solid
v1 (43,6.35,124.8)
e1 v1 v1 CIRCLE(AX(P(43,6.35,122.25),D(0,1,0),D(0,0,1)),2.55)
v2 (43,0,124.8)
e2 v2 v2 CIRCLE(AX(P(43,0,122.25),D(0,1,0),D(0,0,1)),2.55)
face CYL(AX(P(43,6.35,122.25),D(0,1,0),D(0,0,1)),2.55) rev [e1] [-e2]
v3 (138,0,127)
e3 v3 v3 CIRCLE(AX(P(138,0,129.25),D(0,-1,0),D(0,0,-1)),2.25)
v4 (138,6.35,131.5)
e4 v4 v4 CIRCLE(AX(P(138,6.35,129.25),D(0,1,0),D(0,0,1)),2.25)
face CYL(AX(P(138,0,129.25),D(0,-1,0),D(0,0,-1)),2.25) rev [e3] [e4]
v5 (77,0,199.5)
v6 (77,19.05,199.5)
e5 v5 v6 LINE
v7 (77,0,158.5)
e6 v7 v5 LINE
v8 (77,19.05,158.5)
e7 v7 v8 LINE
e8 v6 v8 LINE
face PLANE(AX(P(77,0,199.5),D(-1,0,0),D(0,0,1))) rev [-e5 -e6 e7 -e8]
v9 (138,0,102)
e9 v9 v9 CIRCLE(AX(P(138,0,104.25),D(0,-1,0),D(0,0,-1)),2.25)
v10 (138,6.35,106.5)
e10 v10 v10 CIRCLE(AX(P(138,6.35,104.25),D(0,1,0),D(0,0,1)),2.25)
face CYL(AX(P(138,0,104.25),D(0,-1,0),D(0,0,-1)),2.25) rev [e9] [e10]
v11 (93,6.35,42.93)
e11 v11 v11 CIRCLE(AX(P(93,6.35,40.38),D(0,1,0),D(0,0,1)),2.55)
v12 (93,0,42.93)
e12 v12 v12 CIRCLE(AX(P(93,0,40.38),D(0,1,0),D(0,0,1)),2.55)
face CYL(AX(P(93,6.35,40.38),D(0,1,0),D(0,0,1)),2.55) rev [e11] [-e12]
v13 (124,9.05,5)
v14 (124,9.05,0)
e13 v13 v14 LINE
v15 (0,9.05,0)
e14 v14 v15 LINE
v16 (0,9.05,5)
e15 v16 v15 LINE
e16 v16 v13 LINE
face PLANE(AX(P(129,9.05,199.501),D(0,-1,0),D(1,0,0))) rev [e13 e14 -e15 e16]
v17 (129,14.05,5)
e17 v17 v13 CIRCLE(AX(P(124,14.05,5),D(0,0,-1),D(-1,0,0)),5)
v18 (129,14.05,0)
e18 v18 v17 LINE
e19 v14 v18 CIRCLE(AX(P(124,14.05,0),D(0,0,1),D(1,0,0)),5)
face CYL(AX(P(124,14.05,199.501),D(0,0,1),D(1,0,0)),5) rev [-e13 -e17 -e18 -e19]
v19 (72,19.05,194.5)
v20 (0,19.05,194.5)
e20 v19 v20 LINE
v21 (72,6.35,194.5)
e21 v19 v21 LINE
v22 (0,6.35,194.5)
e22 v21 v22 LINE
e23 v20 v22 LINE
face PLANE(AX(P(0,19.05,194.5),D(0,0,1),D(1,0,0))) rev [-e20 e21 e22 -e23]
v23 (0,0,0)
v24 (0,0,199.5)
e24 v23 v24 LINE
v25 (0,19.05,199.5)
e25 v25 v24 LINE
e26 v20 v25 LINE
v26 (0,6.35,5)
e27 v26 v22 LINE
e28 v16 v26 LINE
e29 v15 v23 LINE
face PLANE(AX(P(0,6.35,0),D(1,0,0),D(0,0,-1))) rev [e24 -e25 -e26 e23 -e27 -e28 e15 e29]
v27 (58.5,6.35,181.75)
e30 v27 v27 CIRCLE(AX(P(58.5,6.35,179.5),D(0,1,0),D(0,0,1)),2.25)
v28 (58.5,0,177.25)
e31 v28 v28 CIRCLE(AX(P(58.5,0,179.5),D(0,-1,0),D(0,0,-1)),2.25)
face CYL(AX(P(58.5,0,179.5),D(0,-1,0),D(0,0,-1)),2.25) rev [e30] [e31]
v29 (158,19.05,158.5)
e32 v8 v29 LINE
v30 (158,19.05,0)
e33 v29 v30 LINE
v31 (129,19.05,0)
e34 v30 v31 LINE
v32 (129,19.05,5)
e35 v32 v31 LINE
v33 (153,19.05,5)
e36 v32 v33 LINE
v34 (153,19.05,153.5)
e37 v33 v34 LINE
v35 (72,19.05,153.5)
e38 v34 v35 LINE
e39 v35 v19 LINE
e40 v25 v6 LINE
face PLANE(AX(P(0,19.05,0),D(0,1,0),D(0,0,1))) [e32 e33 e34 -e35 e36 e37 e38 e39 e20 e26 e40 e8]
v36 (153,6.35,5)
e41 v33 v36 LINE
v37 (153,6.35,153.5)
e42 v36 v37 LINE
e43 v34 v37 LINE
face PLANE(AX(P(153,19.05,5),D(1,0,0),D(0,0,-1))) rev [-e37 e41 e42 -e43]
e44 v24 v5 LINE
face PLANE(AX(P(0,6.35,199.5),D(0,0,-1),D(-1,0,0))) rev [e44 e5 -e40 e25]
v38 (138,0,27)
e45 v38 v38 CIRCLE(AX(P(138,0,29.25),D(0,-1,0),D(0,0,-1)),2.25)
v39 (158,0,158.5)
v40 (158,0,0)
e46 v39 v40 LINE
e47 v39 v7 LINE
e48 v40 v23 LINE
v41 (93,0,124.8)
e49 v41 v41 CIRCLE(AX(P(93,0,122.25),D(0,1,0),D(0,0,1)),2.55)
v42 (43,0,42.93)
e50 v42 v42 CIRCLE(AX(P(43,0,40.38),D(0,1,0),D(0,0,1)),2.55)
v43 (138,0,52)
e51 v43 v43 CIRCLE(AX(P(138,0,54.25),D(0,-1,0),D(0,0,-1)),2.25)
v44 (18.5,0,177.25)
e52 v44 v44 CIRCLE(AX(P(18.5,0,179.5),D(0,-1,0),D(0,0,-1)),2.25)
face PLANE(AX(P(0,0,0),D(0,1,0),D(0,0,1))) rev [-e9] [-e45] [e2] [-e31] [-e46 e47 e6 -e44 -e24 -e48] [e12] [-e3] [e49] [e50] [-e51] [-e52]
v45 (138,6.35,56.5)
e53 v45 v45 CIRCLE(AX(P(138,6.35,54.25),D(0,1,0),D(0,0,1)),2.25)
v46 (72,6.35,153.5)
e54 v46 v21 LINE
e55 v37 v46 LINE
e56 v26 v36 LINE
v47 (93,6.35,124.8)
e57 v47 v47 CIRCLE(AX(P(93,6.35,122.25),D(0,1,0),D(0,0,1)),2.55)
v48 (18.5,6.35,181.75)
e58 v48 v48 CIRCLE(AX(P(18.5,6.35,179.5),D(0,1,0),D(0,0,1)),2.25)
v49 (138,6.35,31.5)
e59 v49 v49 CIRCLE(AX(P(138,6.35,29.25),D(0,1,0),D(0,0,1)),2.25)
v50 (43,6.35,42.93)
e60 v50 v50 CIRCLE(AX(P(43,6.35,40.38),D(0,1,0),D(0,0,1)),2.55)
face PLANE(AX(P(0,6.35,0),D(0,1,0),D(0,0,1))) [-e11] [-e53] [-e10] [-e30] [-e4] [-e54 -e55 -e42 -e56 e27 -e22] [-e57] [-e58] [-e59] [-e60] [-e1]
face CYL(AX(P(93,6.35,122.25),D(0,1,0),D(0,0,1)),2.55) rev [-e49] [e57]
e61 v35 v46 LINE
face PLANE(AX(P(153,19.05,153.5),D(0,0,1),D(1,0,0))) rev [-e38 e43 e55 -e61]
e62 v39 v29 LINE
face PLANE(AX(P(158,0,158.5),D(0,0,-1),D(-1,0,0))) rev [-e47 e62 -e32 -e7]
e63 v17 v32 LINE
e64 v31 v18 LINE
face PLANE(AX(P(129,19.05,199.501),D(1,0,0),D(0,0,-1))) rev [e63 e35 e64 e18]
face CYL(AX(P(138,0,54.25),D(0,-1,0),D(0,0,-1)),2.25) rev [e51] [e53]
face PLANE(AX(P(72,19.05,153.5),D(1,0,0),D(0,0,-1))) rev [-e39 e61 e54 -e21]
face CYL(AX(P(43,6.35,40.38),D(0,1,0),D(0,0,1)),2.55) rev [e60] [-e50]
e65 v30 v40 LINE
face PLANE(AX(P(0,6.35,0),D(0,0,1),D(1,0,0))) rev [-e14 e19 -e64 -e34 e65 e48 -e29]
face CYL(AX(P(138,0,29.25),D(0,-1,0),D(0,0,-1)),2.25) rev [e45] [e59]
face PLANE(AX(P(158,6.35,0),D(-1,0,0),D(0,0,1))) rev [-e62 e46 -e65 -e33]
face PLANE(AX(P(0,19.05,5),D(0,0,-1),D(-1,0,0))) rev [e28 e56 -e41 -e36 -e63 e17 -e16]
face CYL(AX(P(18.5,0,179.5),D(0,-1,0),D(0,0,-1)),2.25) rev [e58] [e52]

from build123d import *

# Parameters (mm, degrees)
SKETCH1_W                      = 158
SKETCH1_H                      = 199.5
BOSS_EXTRUDE1_DEPTH            = 6.35
SKETCH2_W                      = 81
SKETCH2_H                      = 41
CUT_EXTRUDE1_DEPTH             = 7.35
BOSS_EXTRUDE2_DEPTH            = 12.7
M4_CLEARANCE_HOLE1_D           = 4.5
M4_CLEARANCE_HOLE1_DEPTH       = 6.35
CUT_EXTRUDE2_REACH             = 201.5
SKETCH7_W                      = 129
SKETCH7_H                      = 10
FILLET1_R                      = 5
F_5_1_5_1_DIAMETER_HOLE1_D     = 5.1
F_5_1_5_1_DIAMETER_HOLE1_DEPTH = 6.35


with BuildPart() as part:
    # Sketch1 → Boss-Extrude1 (new body)
    with BuildSketch(Plane(origin=(0, 0, 0), x_dir=(1, 0, 0), z_dir=(0, 1, 0))):
        with Locations((79, -99.75)):
            Rectangle(SKETCH1_W, SKETCH1_H)
    extrude(amount=BOSS_EXTRUDE1_DEPTH)

    # Sketch2 → Cut-Extrude1 (cut, through all)
    with BuildSketch(Plane(origin=(0, 6.35, 0), x_dir=(1, 0, 0), z_dir=(0, 1, 0))):
        with Locations((117.5, -179)):
            Rectangle(SKETCH2_W, SKETCH2_H)
    extrude(amount=-CUT_EXTRUDE1_DEPTH, mode=Mode.SUBTRACT)

    # Sketch3 → Boss-Extrude2 (add)
    with BuildSketch(Plane(origin=(0, 6.35, 0), x_dir=(1, 0, 0), z_dir=(0, 1, 0))):
        Polygon((0, 0), (0, -5), (153, -5), (153, -153.5), (72, -153.5), (72, -194.5), (0, -194.5), (0, -199.5), (72, -199.5), (77, -199.5), (77, -158.5), (158, -158.5), (158, 0), align=None)
    extrude(amount=BOSS_EXTRUDE2_DEPTH)

    # M4 Clearance Hole1
    with Locations(Plane.XZ):
        with Locations((138, 54.25), (18.5, 179.5), (58.5, 179.5), (138, 129.25), (138, 104.25), (138, 29.25)):
            Hole(M4_CLEARANCE_HOLE1_D / 2, depth=M4_CLEARANCE_HOLE1_DEPTH)

    # Sketch7 → Cut-Extrude2 (cut, up to next)
    with BuildSketch(Plane(origin=(0, 0, 0), x_dir=(-1, 0, 0), z_dir=(0, 0, -1)), mode=Mode.PRIVATE) as cut_extrude2_sk1:
        with Locations((-64.5, 14.05)):
            Rectangle(SKETCH7_W, SKETCH7_H)
    cut_extrude2_tool1 = extrude(cut_extrude2_sk1.sketch, amount=-CUT_EXTRUDE2_REACH, mode=Mode.PRIVATE) & part.part
    add(cut_extrude2_tool1.solids().sort_by_distance((64.5, 14.05, 0))[0], mode=Mode.SUBTRACT)

    # Fillet1
    fillet1_edges = [part.edges().sort_by_distance(p)[0] for p in [
        (129, 9.05, 2.5),
    ]]
    fillet(fillet1_edges, radius=FILLET1_R)

    # Ø5.1 (5.1) Diameter Hole1
    with Locations(Plane(origin=(0, 6.35, 0), x_dir=(1, 0, 0), z_dir=(0, 1, 0))):
        with Locations((43, -40.38), (43, -122.25), (93, -122.25), (93, -40.38)):
            Hole(F_5_1_5_1_DIAMETER_HOLE1_D / 2, depth=F_5_1_5_1_DIAMETER_HOLE1_DEPTH)


solid = part.part
